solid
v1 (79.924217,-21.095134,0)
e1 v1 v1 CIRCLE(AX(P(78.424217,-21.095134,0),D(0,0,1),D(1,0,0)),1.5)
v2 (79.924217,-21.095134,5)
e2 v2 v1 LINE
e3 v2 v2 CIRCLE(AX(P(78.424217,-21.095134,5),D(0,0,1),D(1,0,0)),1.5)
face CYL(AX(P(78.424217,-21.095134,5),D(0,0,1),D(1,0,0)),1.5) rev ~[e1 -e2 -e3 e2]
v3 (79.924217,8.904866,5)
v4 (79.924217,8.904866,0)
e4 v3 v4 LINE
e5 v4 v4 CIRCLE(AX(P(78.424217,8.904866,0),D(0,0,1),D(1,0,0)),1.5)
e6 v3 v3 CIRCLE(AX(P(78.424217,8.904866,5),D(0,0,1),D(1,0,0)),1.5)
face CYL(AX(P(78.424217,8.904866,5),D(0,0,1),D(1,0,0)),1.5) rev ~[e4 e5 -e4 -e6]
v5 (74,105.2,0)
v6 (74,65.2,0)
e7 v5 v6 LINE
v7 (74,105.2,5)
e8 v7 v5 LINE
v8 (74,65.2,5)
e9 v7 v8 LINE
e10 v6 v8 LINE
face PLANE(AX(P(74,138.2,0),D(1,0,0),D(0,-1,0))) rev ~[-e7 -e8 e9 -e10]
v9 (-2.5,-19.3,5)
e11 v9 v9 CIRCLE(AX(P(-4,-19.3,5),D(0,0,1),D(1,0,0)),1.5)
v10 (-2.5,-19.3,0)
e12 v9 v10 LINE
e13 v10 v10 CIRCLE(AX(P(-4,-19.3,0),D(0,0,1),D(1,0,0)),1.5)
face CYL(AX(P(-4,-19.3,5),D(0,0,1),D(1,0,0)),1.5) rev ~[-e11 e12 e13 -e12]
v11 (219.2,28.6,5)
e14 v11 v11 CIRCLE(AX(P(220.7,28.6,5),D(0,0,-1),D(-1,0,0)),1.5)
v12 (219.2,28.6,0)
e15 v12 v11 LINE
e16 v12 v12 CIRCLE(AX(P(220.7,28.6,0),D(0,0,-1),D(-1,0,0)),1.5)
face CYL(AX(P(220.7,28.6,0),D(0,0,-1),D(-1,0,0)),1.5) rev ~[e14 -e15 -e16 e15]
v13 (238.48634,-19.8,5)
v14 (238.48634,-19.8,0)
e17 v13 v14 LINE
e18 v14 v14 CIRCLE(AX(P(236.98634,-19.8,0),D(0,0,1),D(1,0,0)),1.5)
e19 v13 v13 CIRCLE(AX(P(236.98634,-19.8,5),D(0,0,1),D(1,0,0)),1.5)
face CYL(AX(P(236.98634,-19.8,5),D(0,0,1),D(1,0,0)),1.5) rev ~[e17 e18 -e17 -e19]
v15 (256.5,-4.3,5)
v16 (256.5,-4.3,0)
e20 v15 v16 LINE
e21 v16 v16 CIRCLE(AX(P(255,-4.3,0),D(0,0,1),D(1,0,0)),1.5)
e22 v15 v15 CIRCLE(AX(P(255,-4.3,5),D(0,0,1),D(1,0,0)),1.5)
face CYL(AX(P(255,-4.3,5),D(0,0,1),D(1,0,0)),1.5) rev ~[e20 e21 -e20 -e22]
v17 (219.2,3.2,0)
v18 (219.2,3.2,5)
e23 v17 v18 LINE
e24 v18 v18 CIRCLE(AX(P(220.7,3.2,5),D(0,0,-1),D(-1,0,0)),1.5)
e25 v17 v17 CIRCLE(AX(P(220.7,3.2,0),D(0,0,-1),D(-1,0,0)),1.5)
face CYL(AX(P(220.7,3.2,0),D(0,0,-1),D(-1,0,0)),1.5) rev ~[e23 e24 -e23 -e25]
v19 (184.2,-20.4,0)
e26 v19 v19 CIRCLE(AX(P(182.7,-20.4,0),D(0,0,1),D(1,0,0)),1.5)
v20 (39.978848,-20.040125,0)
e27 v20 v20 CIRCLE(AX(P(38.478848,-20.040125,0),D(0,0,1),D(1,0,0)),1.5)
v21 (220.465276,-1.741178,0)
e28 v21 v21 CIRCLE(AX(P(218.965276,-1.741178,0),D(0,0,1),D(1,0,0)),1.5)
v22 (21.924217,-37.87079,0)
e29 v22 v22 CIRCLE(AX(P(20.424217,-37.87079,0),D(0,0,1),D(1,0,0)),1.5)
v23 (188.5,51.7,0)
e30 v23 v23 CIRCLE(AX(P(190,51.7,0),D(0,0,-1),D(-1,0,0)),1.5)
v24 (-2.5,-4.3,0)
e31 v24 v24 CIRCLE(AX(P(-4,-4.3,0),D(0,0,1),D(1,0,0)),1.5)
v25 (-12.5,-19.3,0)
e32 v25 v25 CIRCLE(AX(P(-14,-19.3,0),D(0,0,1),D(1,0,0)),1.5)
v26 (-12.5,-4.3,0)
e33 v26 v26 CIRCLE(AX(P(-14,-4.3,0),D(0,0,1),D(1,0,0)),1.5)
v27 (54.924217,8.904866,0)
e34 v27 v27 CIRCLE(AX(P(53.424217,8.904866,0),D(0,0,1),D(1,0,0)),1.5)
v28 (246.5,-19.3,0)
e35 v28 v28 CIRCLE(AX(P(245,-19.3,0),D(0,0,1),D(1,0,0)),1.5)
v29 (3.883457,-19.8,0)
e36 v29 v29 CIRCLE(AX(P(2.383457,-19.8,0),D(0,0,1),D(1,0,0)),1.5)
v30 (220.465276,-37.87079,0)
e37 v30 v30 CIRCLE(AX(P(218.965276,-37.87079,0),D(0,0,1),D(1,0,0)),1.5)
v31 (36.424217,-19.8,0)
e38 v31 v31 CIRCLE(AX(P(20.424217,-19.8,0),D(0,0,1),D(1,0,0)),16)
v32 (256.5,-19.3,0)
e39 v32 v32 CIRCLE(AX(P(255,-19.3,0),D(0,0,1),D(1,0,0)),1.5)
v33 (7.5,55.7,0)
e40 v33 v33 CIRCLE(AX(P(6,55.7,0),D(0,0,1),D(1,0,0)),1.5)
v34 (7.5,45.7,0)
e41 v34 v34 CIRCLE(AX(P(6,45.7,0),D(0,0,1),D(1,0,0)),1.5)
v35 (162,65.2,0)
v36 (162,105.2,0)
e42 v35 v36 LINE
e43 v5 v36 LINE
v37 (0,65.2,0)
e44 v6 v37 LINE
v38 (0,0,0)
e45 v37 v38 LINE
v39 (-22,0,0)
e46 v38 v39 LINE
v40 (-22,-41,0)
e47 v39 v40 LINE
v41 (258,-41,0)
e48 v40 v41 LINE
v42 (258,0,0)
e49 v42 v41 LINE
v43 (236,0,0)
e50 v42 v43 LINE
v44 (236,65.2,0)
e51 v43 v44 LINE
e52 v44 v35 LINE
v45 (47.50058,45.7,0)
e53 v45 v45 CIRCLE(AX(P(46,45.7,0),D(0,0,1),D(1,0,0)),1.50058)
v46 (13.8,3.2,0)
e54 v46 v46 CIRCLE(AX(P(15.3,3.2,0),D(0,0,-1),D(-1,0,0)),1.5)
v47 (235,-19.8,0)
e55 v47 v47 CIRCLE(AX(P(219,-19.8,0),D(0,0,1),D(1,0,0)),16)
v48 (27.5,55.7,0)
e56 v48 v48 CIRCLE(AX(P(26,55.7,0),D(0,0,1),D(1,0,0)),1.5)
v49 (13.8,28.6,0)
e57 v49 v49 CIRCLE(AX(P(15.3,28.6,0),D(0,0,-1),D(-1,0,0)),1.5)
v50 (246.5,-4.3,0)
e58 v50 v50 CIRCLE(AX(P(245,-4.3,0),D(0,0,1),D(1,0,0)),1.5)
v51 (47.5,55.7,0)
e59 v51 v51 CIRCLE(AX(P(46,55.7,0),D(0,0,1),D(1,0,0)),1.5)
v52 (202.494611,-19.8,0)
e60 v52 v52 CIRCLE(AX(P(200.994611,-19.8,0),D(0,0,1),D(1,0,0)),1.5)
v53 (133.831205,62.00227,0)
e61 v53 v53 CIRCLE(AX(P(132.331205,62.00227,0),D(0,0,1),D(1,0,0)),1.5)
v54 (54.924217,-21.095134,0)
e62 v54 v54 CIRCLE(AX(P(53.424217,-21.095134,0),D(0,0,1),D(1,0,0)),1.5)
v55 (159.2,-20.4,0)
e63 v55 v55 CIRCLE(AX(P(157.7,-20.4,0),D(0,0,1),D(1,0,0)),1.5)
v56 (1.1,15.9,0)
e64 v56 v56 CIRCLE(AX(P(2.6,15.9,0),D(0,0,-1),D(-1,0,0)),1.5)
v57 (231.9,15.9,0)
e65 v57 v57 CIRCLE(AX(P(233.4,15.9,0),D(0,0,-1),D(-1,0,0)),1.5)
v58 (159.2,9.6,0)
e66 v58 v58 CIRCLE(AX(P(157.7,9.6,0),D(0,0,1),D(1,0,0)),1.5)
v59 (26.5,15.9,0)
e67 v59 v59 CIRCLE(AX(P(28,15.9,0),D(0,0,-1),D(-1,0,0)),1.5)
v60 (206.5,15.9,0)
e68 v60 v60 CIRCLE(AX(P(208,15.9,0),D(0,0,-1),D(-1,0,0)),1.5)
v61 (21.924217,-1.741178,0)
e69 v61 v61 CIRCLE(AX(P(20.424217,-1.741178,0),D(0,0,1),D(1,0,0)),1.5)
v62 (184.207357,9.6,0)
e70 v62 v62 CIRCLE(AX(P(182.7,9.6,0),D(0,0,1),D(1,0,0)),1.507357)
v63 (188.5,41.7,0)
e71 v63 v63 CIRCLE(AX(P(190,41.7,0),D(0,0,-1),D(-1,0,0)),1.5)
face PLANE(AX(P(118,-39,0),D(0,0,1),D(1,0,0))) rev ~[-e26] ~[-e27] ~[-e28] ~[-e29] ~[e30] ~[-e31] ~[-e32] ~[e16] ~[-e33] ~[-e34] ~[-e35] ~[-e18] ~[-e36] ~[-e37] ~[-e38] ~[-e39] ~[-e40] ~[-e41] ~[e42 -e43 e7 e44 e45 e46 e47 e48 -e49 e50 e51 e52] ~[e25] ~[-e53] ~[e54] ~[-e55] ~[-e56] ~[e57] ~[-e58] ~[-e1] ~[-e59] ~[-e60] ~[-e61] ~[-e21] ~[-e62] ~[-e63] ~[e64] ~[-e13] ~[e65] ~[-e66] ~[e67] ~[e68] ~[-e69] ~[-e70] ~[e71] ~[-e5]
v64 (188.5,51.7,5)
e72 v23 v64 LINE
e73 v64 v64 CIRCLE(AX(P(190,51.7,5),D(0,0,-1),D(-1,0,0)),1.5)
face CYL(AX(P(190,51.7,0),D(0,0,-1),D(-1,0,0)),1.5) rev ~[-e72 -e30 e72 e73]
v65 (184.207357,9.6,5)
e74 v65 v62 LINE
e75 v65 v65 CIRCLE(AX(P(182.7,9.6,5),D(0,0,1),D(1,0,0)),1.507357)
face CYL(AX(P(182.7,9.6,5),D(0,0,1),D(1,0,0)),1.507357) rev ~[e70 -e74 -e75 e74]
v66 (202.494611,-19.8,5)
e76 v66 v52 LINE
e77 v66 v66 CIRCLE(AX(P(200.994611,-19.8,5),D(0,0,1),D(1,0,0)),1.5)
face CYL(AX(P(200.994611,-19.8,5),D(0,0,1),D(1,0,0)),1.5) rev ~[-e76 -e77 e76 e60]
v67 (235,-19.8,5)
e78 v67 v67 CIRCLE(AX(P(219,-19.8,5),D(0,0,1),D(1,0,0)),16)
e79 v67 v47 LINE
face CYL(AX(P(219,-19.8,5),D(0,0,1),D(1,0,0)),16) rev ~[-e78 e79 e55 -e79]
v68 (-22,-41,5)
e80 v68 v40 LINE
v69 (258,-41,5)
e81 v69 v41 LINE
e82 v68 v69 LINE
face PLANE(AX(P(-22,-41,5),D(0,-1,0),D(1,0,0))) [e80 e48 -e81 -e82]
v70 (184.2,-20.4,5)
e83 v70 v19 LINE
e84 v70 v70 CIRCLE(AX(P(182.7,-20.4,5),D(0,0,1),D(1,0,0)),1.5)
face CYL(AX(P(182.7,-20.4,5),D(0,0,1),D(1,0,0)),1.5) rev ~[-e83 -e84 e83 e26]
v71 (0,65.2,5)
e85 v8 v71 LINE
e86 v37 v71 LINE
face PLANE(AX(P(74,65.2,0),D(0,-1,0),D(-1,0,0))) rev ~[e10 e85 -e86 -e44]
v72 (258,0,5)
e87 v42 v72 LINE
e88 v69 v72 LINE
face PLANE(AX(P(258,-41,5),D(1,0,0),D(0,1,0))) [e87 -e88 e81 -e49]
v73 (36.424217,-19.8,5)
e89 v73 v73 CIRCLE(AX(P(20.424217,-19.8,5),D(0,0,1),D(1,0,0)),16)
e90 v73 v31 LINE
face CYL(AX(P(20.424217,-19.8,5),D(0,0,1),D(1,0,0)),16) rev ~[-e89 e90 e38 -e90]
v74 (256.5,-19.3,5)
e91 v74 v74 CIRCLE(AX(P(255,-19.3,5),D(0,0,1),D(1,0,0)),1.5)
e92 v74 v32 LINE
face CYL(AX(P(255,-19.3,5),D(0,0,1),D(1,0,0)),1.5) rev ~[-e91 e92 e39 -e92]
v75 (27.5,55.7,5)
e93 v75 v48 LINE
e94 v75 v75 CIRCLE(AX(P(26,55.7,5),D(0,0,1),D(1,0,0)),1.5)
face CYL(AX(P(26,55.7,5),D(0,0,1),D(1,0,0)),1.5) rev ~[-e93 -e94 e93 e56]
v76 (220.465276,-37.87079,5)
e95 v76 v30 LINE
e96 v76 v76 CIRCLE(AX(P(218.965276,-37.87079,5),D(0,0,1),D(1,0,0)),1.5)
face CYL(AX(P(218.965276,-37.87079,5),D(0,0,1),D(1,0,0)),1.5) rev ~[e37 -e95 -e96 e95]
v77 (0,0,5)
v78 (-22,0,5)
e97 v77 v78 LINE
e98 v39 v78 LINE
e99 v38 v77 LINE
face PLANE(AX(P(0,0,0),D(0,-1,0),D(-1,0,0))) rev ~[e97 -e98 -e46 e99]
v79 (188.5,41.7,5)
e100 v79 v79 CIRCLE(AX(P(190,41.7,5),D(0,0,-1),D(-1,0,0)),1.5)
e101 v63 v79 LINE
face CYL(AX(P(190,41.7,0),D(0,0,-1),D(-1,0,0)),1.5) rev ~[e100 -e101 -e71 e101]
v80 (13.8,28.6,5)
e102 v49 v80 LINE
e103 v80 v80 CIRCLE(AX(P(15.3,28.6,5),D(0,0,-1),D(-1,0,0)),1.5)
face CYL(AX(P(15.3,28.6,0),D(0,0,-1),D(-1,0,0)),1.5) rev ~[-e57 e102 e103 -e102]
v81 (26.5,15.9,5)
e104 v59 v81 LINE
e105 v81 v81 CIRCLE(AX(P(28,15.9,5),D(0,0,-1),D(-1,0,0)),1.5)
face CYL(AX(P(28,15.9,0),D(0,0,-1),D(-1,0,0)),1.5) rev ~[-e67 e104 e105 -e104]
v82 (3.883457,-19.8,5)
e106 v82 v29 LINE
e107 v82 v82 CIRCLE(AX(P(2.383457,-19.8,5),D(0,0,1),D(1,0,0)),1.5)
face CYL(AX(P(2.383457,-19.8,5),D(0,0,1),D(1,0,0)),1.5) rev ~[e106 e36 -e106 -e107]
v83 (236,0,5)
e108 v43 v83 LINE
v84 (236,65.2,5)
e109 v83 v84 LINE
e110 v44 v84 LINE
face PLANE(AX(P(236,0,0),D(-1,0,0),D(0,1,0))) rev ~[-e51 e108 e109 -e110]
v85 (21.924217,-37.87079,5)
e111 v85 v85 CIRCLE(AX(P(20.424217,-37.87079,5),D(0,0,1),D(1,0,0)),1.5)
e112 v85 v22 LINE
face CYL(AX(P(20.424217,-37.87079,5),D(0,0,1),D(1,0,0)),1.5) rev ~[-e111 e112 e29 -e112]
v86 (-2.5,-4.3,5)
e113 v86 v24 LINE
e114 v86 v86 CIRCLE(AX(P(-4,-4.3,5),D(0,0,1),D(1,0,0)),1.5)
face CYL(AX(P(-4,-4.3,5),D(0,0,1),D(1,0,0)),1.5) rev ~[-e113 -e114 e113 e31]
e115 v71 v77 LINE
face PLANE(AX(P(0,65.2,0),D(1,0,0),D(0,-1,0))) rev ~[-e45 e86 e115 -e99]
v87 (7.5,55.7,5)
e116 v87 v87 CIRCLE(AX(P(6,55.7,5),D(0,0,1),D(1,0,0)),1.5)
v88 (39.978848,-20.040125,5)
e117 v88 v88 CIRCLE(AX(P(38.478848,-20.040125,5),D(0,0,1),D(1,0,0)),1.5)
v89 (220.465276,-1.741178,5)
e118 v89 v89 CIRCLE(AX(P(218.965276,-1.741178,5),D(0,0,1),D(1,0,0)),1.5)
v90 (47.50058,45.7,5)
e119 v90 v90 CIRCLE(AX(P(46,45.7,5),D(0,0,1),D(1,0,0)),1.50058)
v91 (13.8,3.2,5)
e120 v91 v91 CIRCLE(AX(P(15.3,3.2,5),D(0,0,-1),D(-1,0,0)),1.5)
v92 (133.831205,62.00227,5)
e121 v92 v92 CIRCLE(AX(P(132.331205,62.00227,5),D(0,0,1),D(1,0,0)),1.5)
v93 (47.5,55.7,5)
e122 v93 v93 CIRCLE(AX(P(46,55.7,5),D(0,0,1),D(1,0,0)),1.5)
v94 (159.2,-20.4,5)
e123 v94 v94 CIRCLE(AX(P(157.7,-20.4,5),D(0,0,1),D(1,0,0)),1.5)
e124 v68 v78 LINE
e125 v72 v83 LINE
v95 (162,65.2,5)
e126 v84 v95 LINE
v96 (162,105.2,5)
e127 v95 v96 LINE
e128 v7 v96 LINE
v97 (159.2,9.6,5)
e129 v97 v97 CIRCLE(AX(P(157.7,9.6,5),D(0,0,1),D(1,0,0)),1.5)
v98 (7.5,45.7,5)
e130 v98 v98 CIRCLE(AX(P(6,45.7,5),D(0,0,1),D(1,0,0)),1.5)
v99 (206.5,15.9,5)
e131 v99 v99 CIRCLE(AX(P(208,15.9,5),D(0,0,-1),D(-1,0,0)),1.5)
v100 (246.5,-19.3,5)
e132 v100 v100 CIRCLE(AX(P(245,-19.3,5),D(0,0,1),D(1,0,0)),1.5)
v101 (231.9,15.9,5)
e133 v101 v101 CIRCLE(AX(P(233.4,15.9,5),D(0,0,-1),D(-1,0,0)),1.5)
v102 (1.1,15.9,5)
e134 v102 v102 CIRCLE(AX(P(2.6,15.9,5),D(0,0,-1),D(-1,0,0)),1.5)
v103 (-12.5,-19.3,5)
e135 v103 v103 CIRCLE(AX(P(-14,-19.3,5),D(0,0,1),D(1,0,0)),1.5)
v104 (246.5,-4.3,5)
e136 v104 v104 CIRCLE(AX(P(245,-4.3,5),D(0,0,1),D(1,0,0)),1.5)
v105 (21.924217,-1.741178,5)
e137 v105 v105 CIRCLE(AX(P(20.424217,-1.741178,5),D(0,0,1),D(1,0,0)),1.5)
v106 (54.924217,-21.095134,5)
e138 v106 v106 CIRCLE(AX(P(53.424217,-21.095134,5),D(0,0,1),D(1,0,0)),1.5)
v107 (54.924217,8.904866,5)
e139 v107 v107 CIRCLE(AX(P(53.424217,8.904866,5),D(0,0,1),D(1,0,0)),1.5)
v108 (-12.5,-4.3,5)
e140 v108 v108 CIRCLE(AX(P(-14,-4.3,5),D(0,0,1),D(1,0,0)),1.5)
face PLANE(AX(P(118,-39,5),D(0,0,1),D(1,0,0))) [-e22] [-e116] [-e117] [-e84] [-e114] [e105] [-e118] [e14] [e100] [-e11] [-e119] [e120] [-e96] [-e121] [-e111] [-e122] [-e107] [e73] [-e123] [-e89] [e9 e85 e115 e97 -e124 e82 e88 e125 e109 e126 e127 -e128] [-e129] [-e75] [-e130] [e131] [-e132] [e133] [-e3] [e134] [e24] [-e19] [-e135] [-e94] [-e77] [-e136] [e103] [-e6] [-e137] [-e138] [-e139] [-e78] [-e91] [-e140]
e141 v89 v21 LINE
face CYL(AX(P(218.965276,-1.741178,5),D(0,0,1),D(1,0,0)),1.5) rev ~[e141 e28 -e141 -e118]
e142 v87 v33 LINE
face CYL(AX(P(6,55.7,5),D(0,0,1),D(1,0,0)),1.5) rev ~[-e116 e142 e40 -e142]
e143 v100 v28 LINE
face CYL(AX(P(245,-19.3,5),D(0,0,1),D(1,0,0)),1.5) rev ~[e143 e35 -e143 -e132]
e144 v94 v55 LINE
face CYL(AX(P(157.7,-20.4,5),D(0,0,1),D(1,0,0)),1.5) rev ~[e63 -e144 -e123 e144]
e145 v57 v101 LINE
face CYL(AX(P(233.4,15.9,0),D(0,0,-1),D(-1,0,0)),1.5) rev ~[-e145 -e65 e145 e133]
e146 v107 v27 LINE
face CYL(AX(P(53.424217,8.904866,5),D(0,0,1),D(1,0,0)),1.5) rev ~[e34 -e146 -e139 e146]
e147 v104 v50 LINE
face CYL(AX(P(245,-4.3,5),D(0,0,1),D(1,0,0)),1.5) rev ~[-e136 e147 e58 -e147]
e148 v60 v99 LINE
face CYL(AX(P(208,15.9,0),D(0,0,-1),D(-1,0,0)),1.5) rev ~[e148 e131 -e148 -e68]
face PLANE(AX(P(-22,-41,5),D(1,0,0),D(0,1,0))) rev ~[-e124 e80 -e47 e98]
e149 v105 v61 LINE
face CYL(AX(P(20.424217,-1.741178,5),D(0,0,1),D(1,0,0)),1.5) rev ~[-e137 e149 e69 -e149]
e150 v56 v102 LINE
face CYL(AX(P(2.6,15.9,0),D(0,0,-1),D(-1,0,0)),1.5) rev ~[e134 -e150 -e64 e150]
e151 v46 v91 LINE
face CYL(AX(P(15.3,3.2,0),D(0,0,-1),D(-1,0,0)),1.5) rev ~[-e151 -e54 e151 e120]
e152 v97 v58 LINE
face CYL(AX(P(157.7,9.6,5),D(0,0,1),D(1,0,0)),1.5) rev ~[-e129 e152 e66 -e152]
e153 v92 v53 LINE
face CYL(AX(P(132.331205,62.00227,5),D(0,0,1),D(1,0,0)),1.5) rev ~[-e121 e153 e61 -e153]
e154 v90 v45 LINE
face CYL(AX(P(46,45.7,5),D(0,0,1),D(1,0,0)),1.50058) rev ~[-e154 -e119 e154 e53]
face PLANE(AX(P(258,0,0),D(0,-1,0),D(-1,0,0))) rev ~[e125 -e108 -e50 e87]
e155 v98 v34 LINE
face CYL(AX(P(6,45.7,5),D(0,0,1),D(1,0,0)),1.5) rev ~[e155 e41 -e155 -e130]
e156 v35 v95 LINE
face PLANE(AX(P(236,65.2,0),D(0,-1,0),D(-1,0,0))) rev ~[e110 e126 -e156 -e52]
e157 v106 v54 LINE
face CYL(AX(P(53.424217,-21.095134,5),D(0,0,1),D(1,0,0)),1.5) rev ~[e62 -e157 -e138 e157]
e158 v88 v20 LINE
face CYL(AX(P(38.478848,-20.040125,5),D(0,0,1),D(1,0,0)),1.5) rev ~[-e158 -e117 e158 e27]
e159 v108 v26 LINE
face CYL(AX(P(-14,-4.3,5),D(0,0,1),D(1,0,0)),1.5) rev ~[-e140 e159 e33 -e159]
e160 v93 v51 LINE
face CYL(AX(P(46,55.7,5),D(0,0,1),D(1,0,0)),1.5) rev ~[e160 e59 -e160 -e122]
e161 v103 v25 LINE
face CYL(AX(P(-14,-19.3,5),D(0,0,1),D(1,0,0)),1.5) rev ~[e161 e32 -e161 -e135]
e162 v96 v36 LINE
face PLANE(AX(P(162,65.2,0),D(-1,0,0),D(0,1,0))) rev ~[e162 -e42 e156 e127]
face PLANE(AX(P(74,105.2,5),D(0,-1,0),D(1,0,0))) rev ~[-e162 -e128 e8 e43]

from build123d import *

# Parameters (mm, degrees)
BOSS_EXTRU_2_DEPTH       = 5
ESQUISSE2_R              = 1.5
ENL_V_MAT_EXTRU_1_DEPTH  = 14
ESQUISSE3_R              = 1.5
ENL_V_MAT_EXTRU_2_DEPTH  = 32
ESQUISSE4_R              = 1.5
ENL_V_MAT_EXTRU_3_DEPTH  = 293.72553698
ESQUISSE5_R              = 1.500580152
ENL_V_MAT_EXTRU_4_DEPTH  = 293.72553698
ESQUISSE6_R              = 1.5
ENL_V_MAT_EXTRU_5_DEPTH  = 293.72553698
ESQUISSE7_R              = 1.5
ENL_V_MAT_EXTRU_6_DEPTH  = 293.72553698
ESQUISSE8_W              = 88
ESQUISSE8_H              = 33
ENL_V_MAT_EXTRU_7_DEPTH  = 293.72553698
ESQUISSE9_R              = 1.5
ESQUISSE9_R_2            = 1.507357215
ENL_V_MAT_EXTRU_8_DEPTH  = 279.668333328
ESQUISSE10_W             = 280
ESQUISSE10_H             = 4
BOSS_EXTRU_3_DEPTH       = 5
ESQUISSE12_R             = 16
ENL_V_MAT_EXTRU_10_DEPTH = 279.668333328
ESQUISSE13_R             = 1.5
ENL_V_MAT_EXTRU_11_DEPTH = 279.668333328


with BuildPart() as part:
    # Esquisse1 → Boss.-Extru.2 (new body)
    with BuildSketch(Plane.XY):
        Polygon((-22, -37), (258, -37), (258, 0), (236, 0), (236, 65.2), (162, 65.2), (162, 138.2), (74, 138.2), (74, 65.2), (0, 65.2), (0, 0), (-22, 0), align=None)
    extrude(amount=BOSS_EXTRU_2_DEPTH)

    # Esquisse2 → Enlèv. mat.-Extru.1 (cut)
    with BuildSketch(Plane.XY.offset(5)):
        with Locations((26, 55.7)):
            Circle(ESQUISSE2_R)
        with Locations((46, 55.7)):
            Circle(ESQUISSE2_R)
        with Locations((6, 55.7)):
            Circle(ESQUISSE2_R)
        with Locations((6, 45.7)):
            Circle(ESQUISSE2_R)
        with Locations((-4, -4.3)):
            Circle(ESQUISSE2_R)
        with Locations((-14, -4.3)):
            Circle(ESQUISSE2_R)
        with Locations((-4, -19.3)):
            Circle(ESQUISSE2_R)
        with Locations((-14, -19.3)):
            Circle(ESQUISSE2_R)
    extrude(amount=-ENL_V_MAT_EXTRU_1_DEPTH, mode=Mode.SUBTRACT)

    # Esquisse3 → Enlèv. mat.-Extru.2 (cut)
    with BuildSketch(Plane.XY.offset(5)):
        with Locations((132.331204837, 62.002269793)):
            Circle(ESQUISSE3_R)
    extrude(amount=-ENL_V_MAT_EXTRU_2_DEPTH, mode=Mode.SUBTRACT)

    # Esquisse4 → Enlèv. mat.-Extru.3 (cut, through all)
    with BuildSketch(Plane(origin=(0, 0, 0), x_dir=(-1, 0, 0), z_dir=(0, 0, -1))):
        with Locations((-190, 51.7)):
            Circle(ESQUISSE4_R)
        with Locations((-190, 41.7)):
            Circle(ESQUISSE4_R)
    extrude(amount=-ENL_V_MAT_EXTRU_3_DEPTH, mode=Mode.SUBTRACT)

    # Esquisse5 → Enlèv. mat.-Extru.4 (cut, through all)
    with BuildSketch(Plane.XY.offset(5)):
        with Locations((46, 45.7)):
            Circle(ESQUISSE5_R)
    extrude(amount=-ENL_V_MAT_EXTRU_4_DEPTH, mode=Mode.SUBTRACT)

    # Esquisse6 → Enlèv. mat.-Extru.5 (cut, through all)
    with BuildSketch(Plane.XY.offset(5)):
        with Locations((245, -4.3)):
            Circle(ESQUISSE6_R)
        with Locations((255, -4.3)):
            Circle(ESQUISSE6_R)
        with Locations((255, -19.3)):
            Circle(ESQUISSE6_R)
        with Locations((245, -19.3)):
            Circle(ESQUISSE6_R)
    extrude(amount=-ENL_V_MAT_EXTRU_5_DEPTH, mode=Mode.SUBTRACT)

    # Esquisse7 → Enlèv. mat.-Extru.6 (cut, through all)
    with BuildSketch(Plane(origin=(0, 0, 0), x_dir=(-1, 0, 0), z_dir=(0, 0, -1))):
        with Locations((-15.3, 28.6)):
            Circle(ESQUISSE7_R)
        with Locations((-2.6, 15.9)):
            Circle(ESQUISSE7_R)
        with Locations((-15.3, 3.2)):
            Circle(ESQUISSE7_R)
        with Locations((-28, 15.9)):
            Circle(ESQUISSE7_R)
        with Locations((-208, 15.9)):
            Circle(ESQUISSE7_R)
        with Locations((-220.7, 3.2)):
            Circle(ESQUISSE7_R)
        with Locations((-233.4, 15.9)):
            Circle(ESQUISSE7_R)
        with Locations((-220.7, 28.6)):
            Circle(ESQUISSE7_R)
    extrude(amount=-ENL_V_MAT_EXTRU_6_DEPTH, mode=Mode.SUBTRACT)

    # Esquisse8 → Enlèv. mat.-Extru.7 (cut, through all)
    with BuildSketch(Plane.XY.offset(5)):
        with Locations((118, 121.7)):
            Rectangle(ESQUISSE8_W, ESQUISSE8_H)
    extrude(amount=-ENL_V_MAT_EXTRU_7_DEPTH, mode=Mode.SUBTRACT)

    # Esquisse9 → Enlèv. mat.-Extru.8 (cut, through all)
    with BuildSketch(Plane.XY.offset(5)):
        with Locations((182.7, -20.4)):
            Circle(ESQUISSE9_R)
        with Locations((157.7, -20.4)):
            Circle(ESQUISSE9_R)
        with Locations((157.7, 9.6)):
            Circle(ESQUISSE9_R)
        with Locations((182.7, 9.6)):
            Circle(ESQUISSE9_R_2)
        with Locations((78.424217253, -21.095134328)):
            Circle(ESQUISSE9_R)
        with Locations((53.424217253, -21.095134328)):
            Circle(ESQUISSE9_R)
        with Locations((78.424217253, 8.904865672)):
            Circle(ESQUISSE9_R)
        with Locations((53.424217253, 8.904865672)):
            Circle(ESQUISSE9_R)
    extrude(amount=-ENL_V_MAT_EXTRU_8_DEPTH, mode=Mode.SUBTRACT)

    # Esquisse10 → Boss.-Extru.3 (add)
    with BuildSketch(Plane.XY.offset(5)):
        with Locations((118, -39)):
            Rectangle(ESQUISSE10_W, ESQUISSE10_H)
    extrude(amount=-BOSS_EXTRU_3_DEPTH)

    # Esquisse12 → Enlèv. mat.-Extru.10 (cut, through all)
    with BuildSketch(Plane.XY.offset(5)):
        with Locations((20.424217253, -19.8)):
            Circle(ESQUISSE12_R)
        with Locations((219, -19.8)):
            Circle(ESQUISSE12_R)
    extrude(amount=-ENL_V_MAT_EXTRU_10_DEPTH, mode=Mode.SUBTRACT)

    # Esquisse13 → Enlèv. mat.-Extru.11 (cut, through all)
    with BuildSketch(Plane.XY.offset(5)):
        with Locations((2.383457441, -19.8)):
            Circle(ESQUISSE13_R)
        with Locations((20.424217253, -1.741178451)):
            Circle(ESQUISSE13_R)
        with Locations((38.478848473, -20.040125082)):
            Circle(ESQUISSE13_R)
        with Locations((20.424217253, -37.870789792)):
            Circle(ESQUISSE13_R)
        with Locations((218.965275761, -1.741178451)):
            Circle(ESQUISSE13_R)
        with Locations((236.986339902, -19.8)):
            Circle(ESQUISSE13_R)
        with Locations((200.994611176, -19.8)):
            Circle(ESQUISSE13_R)
        with Locations((218.965275761, -37.870789792)):
            Circle(ESQUISSE13_R)
    extrude(amount=-ENL_V_MAT_EXTRU_11_DEPTH, mode=Mode.SUBTRACT)


solid = part.part
